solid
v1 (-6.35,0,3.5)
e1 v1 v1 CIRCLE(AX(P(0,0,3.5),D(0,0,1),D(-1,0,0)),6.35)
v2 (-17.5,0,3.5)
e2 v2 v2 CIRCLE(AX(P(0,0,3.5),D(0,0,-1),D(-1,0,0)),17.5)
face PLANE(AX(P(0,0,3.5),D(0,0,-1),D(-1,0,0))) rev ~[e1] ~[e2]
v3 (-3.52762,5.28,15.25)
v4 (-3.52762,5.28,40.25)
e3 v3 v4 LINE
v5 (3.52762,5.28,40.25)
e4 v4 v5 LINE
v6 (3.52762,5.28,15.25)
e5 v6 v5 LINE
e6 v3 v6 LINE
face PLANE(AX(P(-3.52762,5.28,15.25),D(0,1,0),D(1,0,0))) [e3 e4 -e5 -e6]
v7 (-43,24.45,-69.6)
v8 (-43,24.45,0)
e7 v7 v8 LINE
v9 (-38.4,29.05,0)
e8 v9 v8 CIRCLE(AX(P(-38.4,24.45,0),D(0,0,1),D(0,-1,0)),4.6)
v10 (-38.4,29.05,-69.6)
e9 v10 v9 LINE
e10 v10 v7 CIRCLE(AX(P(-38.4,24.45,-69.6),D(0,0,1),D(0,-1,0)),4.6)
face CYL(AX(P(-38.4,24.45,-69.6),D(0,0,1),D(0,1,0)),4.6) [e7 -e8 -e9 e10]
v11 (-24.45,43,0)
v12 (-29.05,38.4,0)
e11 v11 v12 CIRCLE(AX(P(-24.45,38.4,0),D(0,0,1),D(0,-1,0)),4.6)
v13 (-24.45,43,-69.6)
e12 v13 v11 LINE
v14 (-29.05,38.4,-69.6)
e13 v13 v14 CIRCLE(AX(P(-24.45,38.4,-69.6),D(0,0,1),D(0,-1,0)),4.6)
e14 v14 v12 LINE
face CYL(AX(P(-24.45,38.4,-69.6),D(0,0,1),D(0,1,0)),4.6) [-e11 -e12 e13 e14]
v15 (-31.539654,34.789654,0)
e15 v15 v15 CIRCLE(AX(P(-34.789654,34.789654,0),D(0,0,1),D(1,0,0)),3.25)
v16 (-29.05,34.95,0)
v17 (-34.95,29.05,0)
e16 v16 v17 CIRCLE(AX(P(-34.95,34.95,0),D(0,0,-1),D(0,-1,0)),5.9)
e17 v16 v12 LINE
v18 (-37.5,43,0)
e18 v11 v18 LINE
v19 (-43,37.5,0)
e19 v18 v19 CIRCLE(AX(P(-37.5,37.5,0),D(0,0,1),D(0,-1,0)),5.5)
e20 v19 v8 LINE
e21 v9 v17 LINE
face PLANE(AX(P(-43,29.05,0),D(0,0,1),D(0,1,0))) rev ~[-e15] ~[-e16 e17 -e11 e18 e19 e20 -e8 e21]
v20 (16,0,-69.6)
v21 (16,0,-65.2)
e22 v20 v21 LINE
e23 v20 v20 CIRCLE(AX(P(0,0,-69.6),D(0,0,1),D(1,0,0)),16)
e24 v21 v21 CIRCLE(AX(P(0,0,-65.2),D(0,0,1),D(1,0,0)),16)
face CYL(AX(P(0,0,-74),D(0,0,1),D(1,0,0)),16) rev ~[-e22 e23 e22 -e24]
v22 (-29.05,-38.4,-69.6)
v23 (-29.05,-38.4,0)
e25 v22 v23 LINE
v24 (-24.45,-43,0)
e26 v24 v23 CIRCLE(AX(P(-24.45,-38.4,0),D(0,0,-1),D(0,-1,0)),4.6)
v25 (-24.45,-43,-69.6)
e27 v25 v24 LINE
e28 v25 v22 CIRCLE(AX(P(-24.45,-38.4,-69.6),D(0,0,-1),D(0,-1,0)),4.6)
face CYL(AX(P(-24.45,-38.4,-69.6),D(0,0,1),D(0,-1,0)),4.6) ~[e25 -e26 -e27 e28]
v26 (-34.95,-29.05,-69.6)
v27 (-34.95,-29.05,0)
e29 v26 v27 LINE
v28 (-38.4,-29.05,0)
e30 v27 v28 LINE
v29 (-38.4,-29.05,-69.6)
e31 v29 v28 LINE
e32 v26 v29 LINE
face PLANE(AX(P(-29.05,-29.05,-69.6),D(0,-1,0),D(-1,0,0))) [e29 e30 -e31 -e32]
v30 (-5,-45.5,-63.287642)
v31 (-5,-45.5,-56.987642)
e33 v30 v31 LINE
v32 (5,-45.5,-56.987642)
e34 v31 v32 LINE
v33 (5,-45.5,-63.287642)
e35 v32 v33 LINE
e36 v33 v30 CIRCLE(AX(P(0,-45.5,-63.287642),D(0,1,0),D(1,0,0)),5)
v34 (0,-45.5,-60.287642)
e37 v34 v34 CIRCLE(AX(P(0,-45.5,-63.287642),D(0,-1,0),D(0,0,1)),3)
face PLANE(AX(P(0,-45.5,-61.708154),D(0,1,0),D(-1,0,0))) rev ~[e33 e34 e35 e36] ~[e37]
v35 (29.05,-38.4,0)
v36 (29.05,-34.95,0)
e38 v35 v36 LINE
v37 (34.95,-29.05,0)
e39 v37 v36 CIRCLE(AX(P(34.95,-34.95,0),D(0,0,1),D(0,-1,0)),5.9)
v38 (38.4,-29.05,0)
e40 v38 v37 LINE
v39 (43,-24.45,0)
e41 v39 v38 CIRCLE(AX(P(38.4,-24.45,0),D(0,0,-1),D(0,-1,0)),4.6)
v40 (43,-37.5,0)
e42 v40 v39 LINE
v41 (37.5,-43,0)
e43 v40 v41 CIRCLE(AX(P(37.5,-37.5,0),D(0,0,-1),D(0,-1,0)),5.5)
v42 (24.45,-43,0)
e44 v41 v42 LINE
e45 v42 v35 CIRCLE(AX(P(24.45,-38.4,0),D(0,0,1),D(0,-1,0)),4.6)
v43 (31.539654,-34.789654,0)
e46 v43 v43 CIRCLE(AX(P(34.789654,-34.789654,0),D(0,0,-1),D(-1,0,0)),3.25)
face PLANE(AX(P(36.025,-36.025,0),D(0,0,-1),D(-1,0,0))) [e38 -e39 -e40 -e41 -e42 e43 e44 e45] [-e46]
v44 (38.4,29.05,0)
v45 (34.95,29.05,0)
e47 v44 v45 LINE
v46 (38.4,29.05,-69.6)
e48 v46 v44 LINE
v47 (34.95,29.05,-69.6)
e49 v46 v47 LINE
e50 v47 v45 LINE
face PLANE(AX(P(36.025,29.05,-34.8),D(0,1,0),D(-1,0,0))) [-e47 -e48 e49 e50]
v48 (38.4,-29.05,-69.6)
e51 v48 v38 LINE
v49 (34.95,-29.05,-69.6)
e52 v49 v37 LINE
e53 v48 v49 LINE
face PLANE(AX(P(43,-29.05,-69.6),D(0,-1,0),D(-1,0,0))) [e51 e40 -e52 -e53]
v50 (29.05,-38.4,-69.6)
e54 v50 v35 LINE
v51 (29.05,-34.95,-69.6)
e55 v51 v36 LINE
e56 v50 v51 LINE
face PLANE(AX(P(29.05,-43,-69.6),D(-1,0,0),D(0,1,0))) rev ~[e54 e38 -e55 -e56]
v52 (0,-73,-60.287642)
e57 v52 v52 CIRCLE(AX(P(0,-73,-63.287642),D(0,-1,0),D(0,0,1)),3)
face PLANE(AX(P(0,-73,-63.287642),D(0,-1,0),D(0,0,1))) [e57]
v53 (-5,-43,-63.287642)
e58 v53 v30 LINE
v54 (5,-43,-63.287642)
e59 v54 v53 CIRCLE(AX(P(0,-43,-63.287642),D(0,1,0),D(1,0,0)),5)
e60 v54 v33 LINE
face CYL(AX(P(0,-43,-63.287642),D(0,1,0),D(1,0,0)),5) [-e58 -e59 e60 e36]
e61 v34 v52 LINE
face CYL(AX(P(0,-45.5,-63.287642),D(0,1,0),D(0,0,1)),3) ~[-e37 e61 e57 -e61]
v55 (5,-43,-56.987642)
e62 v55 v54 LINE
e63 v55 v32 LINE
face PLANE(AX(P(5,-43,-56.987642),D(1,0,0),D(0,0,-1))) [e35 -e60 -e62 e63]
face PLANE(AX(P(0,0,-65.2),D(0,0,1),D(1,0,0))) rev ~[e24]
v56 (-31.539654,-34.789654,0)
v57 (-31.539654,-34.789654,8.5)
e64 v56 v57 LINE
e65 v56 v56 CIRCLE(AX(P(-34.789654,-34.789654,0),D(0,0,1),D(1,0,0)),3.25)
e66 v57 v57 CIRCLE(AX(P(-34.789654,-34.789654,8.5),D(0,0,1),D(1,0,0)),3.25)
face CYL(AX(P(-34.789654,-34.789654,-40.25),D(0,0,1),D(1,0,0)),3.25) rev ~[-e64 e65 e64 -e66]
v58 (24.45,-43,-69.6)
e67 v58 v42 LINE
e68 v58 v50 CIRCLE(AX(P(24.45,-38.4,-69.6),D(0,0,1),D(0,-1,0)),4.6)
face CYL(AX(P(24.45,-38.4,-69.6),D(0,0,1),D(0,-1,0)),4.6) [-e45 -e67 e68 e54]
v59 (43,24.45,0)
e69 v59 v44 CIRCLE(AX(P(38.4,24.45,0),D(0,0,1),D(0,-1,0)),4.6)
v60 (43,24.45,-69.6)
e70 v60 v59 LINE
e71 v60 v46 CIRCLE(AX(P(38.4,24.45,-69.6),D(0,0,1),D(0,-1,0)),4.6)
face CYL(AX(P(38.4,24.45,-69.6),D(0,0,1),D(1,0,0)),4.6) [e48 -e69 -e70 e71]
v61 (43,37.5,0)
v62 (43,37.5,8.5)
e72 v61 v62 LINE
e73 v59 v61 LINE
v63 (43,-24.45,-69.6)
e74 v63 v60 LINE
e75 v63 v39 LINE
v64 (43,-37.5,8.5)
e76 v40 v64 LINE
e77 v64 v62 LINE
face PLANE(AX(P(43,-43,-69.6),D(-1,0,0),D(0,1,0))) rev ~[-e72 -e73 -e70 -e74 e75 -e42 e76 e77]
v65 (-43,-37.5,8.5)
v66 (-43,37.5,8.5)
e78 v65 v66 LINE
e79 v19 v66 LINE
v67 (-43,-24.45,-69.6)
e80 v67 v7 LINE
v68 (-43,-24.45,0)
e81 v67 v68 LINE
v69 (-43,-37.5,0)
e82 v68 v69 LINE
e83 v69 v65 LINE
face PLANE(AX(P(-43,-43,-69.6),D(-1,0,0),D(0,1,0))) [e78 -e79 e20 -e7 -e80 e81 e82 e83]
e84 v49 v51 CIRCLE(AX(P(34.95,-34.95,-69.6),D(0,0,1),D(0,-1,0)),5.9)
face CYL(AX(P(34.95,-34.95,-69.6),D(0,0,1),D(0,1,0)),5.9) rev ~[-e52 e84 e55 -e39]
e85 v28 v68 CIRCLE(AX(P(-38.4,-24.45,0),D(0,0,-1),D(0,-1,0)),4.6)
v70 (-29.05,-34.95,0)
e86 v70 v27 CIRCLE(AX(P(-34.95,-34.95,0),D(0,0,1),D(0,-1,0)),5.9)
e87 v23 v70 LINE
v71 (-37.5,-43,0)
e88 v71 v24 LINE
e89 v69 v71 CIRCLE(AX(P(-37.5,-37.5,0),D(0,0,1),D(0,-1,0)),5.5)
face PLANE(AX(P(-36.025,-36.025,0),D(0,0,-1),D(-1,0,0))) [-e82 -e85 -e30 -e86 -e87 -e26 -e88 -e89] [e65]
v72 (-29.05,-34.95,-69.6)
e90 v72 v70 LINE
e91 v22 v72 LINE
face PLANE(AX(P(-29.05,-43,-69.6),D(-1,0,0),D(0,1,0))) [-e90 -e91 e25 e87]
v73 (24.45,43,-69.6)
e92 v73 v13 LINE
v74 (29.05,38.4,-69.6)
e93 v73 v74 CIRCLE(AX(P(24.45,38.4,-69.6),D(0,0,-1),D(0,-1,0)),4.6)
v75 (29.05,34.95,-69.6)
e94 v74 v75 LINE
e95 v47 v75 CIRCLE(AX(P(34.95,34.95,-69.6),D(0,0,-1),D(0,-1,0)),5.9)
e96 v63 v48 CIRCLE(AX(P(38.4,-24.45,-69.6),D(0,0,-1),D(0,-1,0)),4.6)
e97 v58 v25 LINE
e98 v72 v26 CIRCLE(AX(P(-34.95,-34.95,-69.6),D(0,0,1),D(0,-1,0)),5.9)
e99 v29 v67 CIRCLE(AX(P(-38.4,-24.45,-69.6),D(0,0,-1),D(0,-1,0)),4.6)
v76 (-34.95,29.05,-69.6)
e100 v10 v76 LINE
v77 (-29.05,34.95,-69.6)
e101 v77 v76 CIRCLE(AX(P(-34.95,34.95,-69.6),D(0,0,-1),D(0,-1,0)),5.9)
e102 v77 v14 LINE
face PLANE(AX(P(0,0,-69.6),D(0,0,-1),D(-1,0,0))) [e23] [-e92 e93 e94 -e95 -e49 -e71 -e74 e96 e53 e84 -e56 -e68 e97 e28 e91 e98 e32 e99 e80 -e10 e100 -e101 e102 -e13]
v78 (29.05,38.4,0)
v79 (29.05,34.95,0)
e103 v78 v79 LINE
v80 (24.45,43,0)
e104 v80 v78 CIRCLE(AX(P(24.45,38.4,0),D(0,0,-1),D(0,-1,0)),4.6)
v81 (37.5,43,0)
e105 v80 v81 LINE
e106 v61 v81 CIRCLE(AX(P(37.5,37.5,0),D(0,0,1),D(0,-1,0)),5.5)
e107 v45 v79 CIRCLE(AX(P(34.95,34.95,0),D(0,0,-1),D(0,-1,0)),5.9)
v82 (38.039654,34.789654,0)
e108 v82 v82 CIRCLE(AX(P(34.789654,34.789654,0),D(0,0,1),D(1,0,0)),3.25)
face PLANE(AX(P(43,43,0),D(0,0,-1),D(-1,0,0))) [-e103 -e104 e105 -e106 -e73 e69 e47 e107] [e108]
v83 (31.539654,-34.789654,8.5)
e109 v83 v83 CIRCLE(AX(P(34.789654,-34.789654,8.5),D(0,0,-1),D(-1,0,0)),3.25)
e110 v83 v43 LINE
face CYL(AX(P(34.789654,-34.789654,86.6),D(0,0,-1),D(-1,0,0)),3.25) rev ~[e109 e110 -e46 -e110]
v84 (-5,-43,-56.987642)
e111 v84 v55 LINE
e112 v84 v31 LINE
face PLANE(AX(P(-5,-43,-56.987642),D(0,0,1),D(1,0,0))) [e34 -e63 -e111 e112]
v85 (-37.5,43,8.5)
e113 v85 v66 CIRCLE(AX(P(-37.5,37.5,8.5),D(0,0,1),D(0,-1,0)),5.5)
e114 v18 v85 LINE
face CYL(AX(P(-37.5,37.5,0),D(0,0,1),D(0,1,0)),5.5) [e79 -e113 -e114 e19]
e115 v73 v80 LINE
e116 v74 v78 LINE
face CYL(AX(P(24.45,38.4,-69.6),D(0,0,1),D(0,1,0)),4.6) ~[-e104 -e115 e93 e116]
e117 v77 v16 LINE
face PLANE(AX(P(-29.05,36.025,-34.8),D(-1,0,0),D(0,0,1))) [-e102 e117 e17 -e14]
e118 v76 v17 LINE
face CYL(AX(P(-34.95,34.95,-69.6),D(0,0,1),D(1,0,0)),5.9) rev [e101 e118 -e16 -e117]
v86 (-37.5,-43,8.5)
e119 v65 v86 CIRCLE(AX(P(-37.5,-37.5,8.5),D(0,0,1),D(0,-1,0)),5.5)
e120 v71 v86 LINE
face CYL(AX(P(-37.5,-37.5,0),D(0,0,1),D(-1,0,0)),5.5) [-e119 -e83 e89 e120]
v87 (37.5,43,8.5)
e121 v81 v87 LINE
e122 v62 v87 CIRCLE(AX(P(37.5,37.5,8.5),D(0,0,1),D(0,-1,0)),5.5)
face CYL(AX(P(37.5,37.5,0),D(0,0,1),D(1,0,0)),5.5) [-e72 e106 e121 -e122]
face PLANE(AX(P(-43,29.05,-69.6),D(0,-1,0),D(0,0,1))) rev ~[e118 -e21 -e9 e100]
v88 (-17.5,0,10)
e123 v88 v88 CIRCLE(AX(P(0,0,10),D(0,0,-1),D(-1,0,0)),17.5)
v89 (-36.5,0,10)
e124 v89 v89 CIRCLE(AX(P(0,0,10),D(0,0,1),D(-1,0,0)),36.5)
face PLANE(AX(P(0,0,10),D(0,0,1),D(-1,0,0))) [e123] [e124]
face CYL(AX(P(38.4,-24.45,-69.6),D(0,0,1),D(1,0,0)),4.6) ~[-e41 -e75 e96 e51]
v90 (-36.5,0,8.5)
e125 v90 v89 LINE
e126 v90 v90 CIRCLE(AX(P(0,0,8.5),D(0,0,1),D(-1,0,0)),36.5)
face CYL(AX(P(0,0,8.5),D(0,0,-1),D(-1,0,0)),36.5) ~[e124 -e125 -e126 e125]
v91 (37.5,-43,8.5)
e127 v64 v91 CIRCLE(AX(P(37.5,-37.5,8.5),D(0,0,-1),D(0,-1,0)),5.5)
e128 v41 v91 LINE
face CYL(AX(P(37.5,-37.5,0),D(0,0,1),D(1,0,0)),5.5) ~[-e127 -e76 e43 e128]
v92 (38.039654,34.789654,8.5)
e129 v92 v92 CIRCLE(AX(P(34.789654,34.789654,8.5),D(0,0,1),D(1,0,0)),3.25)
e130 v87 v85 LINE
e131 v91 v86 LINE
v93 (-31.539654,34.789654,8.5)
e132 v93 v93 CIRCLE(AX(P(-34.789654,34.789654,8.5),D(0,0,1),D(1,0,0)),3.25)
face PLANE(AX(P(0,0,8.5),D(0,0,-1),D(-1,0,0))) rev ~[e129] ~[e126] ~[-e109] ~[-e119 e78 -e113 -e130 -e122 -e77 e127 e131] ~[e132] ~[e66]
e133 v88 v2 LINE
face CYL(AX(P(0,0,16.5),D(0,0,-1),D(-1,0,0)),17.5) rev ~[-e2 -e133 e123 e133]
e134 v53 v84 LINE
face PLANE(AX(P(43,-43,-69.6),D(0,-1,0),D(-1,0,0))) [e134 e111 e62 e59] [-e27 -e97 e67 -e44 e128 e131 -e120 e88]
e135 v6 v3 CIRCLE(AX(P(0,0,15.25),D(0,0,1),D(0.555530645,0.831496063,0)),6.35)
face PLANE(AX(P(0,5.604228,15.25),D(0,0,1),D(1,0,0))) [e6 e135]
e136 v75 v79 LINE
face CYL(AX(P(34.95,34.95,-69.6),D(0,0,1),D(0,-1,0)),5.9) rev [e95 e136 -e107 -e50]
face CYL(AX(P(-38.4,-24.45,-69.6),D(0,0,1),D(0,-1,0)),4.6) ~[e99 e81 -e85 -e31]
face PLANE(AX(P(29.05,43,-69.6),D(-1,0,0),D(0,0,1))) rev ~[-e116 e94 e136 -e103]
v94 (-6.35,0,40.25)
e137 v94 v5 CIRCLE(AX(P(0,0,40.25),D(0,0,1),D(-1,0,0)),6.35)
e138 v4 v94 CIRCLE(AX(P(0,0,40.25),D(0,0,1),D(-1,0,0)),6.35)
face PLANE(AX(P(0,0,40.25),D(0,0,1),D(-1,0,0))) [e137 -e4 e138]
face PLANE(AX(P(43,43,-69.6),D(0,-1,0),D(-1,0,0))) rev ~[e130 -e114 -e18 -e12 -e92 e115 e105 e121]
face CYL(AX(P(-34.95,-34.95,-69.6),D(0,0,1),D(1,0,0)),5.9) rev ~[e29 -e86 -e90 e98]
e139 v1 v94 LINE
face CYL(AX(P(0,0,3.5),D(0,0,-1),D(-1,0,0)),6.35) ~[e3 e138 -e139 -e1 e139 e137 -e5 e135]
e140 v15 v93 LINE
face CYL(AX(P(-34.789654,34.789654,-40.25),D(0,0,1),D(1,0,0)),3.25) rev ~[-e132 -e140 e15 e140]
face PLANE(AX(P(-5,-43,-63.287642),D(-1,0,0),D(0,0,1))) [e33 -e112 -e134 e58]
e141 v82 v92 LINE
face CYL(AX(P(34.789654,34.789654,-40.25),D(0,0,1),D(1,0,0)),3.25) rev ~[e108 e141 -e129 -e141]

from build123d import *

# Parameters (mm, degrees)
SKETCH_1_W                  = 86
SKETCH_1_H                  = 86
EXTRUDE_1_DEPTH             = 78.1
SKETCH_2_R                  = 36.5
EXTRUDE_2_DEPTH             = 1.5
HOLE_WIZARD_M30_1_D         = 35
HOLE_WIZARD_M30_1_DEPTH     = 6.5
SKETCH_5_R                  = 6.35
EXTRUDE_3_DEPTH             = 36.75
CUT_EXTRUDE_START           = -25
CUT_EXTRUDE_1_DEPTH         = 25
SKETCH_7_W                  = 69.6
SKETCH_7_H                  = 13.95
CUT_EXTRUDE_2_DEPTH         = 13.95
SKETCH_8_W                  = 13.95
SKETCH_8_H                  = 69.6
CUT_EXTRUDE_3_DEPTH         = 13.95
SKETCH_9_W                  = 13.95
SKETCH_9_H                  = 13.95
CUT_EXTRUDE_4_DEPTH         = 69.6
SKETCH_10_W                 = 13.95
SKETCH_10_H                 = 13.95
CUT_EXTRUDE_5_DEPTH         = 69.6
EXTRUDE_4_DEPTH             = 2.5
SKETCH_12_R                 = 3
EXTRUDE_5_DEPTH             = 27.5
HOLE_WIZARD_6_5_6_5_1_D     = 6.5
HOLE_WIZARD_6_5_6_5_1_DEPTH = 78.1
HOLE_WIZARD_6_5_6_5_2_D     = 6.5
HOLE_WIZARD_6_5_6_5_2_DEPTH = 40.25
HOLE_WIZARD_M27_1_D         = 32
HOLE_WIZARD_M27_1_DEPTH     = 4.4
FILLET_1_R                  = 4.6
FILLET_2_R                  = 5.5
FILLET_3_R                  = 5.9


with BuildPart() as part:
    # 草图1 → 凸台-拉伸1 (new body)
    with BuildSketch(Plane(origin=(0, 0, -69.6), x_dir=(-1, 0, 0), z_dir=(0, 0, -1))):
        Rectangle(SKETCH_1_W, SKETCH_1_H)
    extrude(amount=-EXTRUDE_1_DEPTH)

    # 草图2 → 凸台-拉伸2 (add)
    with BuildSketch(Plane.XY.offset(8.5)):
        with Locations(Location((0, 0, 0), (0, 0, 180))):
            Circle(SKETCH_2_R)
    extrude(amount=EXTRUDE_2_DEPTH)

    # M30 间隙孔1
    with Locations(Plane.XY.offset(10)):
        with Locations((0, 0)):
            Hole(HOLE_WIZARD_M30_1_D / 2, depth=HOLE_WIZARD_M30_1_DEPTH)

    # 草图5 → 凸台-拉伸3 (add)
    with BuildSketch(Plane.XY.offset(3.5)):
        with Locations(Location((0, 0, 0), (0, 0, 180))):
            Circle(SKETCH_5_R)
    extrude(amount=EXTRUDE_3_DEPTH)

    # 草图6 → 切除-拉伸1 (cut)
    with BuildSketch(Plane.XY.offset(40.25).offset(CUT_EXTRUDE_START)):
        with BuildLine():
            Line((-3.527619594, 5.28), (3.527619595, 5.28))
            ThreePointArc((3.527619595, 5.28), (1e-09, 6.35), (-3.527619594, 5.28))
        make_face()
    extrude(amount=CUT_EXTRUDE_1_DEPTH, mode=Mode.SUBTRACT)

    # 草图7 → 切除-拉伸2 (cut)
    with BuildSketch(Plane.ZY.offset(43)):
        with Locations((-34.8, 36.025)):
            Rectangle(SKETCH_7_W, SKETCH_7_H)
    extrude(amount=-CUT_EXTRUDE_2_DEPTH, mode=Mode.SUBTRACT)

    # 草图8 → 切除-拉伸3 (cut)
    with BuildSketch(Plane(origin=(0, 43, 0), x_dir=(-1, 0, 0), z_dir=(0, 1, 0))):
        with Locations((-36.025, -34.8)):
            Rectangle(SKETCH_8_W, SKETCH_8_H)
    extrude(amount=-CUT_EXTRUDE_3_DEPTH, mode=Mode.SUBTRACT)

    # 草图9 → 切除-拉伸4 (cut)
    with BuildSketch(Plane(origin=(0, 0, -69.6), x_dir=(-1, 0, 0), z_dir=(0, 0, -1))):
        with Locations((36.025, -36.025)):
            Rectangle(SKETCH_9_W, SKETCH_9_H)
    extrude(amount=-CUT_EXTRUDE_4_DEPTH, mode=Mode.SUBTRACT)

    # 草图10 → 切除-拉伸5 (cut)
    with BuildSketch(Plane(origin=(0, 0, -69.6), x_dir=(-1, 0, 0), z_dir=(0, 0, -1))):
        with Locations((-36.025, -36.025)):
            Rectangle(SKETCH_10_W, SKETCH_10_H)
    extrude(amount=-CUT_EXTRUDE_5_DEPTH, mode=Mode.SUBTRACT)

    # 草图11 → 凸台-拉伸4 (add)
    with BuildSketch(Plane.XZ.offset(43)):
        with BuildLine():
            Line((-5, -56.987641526), (5, -56.987641526))
            Line((5, -56.987641526), (5, -63.287641526))
            ThreePointArc((5, -63.287641526), (0, -68.287641526), (-5, -63.287641526))
            Line((-5, -63.287641526), (-5, -56.987641526))
        make_face()
    extrude(amount=EXTRUDE_4_DEPTH)

    # 草图12 → 凸台-拉伸5 (add)
    with BuildSketch(Plane.XZ.offset(45.5)):
        with Locations(Location((0, -63.287641526, 0), (0, 0, 90))):
            Circle(SKETCH_12_R)
    extrude(amount=EXTRUDE_5_DEPTH)

    # Ø6.5 (6.5) 直径孔1
    with Locations(Plane.XY.offset(8.5)):
        with Locations((34.789653634, -34.789653634)):
            Hole(HOLE_WIZARD_6_5_6_5_1_D / 2, depth=HOLE_WIZARD_6_5_6_5_1_DEPTH)

    # Ø6.5 (6.5) 直径孔2
    with Locations(Plane(origin=(0, 0, 0), x_dir=(-1, 0, 0), z_dir=(0, 0, -1))):
        with Locations((34.789653634, -34.789653634), (-34.789653634, 34.789653634), (34.789653634, 34.789653634)):
            Hole(HOLE_WIZARD_6_5_6_5_2_D / 2, depth=HOLE_WIZARD_6_5_6_5_2_DEPTH)

    # M27 间隙孔1
    with Locations(Plane(origin=(0, 0, -69.6), x_dir=(-1, 0, 0), z_dir=(0, 0, -1))):
        with Locations((0, 0)):
            Hole(HOLE_WIZARD_M27_1_D / 2, depth=HOLE_WIZARD_M27_1_DEPTH)

    # 圆角1
    fillet_1_edges = [part.edges().sort_by_distance(p)[0] for p in [
        (-29.05, 43, -34.8),
        (-43, 29.05, -34.8),
        (43, 29.05, -34.8),
        (29.05, 43, -34.8),
        (-43, -29.05, -34.8),
        (-29.05, -43, -34.8),
        (29.05, -43, -34.8),
        (43, -29.05, -34.8),
    ]]
    fillet(fillet_1_edges, radius=FILLET_1_R)

    # 圆角2
    fillet_2_edges = [part.edges().sort_by_distance(p)[0] for p in [
        (-43, -43, 4.25),
        (43, -43, 4.25),
        (43, 43, 4.25),
        (-43, 43, 4.25),
    ]]
    fillet(fillet_2_edges, radius=FILLET_2_R)

    # 圆角3
    fillet_3_edges = [part.edges().sort_by_distance(p)[0] for p in [
        (-29.05, 29.05, -34.8),
        (29.05, 29.05, -34.8),
        (-29.05, -29.05, -34.8),
        (29.05, -29.05, -34.8),
    ]]
    fillet(fillet_3_edges, radius=FILLET_3_R)


solid = part.part
